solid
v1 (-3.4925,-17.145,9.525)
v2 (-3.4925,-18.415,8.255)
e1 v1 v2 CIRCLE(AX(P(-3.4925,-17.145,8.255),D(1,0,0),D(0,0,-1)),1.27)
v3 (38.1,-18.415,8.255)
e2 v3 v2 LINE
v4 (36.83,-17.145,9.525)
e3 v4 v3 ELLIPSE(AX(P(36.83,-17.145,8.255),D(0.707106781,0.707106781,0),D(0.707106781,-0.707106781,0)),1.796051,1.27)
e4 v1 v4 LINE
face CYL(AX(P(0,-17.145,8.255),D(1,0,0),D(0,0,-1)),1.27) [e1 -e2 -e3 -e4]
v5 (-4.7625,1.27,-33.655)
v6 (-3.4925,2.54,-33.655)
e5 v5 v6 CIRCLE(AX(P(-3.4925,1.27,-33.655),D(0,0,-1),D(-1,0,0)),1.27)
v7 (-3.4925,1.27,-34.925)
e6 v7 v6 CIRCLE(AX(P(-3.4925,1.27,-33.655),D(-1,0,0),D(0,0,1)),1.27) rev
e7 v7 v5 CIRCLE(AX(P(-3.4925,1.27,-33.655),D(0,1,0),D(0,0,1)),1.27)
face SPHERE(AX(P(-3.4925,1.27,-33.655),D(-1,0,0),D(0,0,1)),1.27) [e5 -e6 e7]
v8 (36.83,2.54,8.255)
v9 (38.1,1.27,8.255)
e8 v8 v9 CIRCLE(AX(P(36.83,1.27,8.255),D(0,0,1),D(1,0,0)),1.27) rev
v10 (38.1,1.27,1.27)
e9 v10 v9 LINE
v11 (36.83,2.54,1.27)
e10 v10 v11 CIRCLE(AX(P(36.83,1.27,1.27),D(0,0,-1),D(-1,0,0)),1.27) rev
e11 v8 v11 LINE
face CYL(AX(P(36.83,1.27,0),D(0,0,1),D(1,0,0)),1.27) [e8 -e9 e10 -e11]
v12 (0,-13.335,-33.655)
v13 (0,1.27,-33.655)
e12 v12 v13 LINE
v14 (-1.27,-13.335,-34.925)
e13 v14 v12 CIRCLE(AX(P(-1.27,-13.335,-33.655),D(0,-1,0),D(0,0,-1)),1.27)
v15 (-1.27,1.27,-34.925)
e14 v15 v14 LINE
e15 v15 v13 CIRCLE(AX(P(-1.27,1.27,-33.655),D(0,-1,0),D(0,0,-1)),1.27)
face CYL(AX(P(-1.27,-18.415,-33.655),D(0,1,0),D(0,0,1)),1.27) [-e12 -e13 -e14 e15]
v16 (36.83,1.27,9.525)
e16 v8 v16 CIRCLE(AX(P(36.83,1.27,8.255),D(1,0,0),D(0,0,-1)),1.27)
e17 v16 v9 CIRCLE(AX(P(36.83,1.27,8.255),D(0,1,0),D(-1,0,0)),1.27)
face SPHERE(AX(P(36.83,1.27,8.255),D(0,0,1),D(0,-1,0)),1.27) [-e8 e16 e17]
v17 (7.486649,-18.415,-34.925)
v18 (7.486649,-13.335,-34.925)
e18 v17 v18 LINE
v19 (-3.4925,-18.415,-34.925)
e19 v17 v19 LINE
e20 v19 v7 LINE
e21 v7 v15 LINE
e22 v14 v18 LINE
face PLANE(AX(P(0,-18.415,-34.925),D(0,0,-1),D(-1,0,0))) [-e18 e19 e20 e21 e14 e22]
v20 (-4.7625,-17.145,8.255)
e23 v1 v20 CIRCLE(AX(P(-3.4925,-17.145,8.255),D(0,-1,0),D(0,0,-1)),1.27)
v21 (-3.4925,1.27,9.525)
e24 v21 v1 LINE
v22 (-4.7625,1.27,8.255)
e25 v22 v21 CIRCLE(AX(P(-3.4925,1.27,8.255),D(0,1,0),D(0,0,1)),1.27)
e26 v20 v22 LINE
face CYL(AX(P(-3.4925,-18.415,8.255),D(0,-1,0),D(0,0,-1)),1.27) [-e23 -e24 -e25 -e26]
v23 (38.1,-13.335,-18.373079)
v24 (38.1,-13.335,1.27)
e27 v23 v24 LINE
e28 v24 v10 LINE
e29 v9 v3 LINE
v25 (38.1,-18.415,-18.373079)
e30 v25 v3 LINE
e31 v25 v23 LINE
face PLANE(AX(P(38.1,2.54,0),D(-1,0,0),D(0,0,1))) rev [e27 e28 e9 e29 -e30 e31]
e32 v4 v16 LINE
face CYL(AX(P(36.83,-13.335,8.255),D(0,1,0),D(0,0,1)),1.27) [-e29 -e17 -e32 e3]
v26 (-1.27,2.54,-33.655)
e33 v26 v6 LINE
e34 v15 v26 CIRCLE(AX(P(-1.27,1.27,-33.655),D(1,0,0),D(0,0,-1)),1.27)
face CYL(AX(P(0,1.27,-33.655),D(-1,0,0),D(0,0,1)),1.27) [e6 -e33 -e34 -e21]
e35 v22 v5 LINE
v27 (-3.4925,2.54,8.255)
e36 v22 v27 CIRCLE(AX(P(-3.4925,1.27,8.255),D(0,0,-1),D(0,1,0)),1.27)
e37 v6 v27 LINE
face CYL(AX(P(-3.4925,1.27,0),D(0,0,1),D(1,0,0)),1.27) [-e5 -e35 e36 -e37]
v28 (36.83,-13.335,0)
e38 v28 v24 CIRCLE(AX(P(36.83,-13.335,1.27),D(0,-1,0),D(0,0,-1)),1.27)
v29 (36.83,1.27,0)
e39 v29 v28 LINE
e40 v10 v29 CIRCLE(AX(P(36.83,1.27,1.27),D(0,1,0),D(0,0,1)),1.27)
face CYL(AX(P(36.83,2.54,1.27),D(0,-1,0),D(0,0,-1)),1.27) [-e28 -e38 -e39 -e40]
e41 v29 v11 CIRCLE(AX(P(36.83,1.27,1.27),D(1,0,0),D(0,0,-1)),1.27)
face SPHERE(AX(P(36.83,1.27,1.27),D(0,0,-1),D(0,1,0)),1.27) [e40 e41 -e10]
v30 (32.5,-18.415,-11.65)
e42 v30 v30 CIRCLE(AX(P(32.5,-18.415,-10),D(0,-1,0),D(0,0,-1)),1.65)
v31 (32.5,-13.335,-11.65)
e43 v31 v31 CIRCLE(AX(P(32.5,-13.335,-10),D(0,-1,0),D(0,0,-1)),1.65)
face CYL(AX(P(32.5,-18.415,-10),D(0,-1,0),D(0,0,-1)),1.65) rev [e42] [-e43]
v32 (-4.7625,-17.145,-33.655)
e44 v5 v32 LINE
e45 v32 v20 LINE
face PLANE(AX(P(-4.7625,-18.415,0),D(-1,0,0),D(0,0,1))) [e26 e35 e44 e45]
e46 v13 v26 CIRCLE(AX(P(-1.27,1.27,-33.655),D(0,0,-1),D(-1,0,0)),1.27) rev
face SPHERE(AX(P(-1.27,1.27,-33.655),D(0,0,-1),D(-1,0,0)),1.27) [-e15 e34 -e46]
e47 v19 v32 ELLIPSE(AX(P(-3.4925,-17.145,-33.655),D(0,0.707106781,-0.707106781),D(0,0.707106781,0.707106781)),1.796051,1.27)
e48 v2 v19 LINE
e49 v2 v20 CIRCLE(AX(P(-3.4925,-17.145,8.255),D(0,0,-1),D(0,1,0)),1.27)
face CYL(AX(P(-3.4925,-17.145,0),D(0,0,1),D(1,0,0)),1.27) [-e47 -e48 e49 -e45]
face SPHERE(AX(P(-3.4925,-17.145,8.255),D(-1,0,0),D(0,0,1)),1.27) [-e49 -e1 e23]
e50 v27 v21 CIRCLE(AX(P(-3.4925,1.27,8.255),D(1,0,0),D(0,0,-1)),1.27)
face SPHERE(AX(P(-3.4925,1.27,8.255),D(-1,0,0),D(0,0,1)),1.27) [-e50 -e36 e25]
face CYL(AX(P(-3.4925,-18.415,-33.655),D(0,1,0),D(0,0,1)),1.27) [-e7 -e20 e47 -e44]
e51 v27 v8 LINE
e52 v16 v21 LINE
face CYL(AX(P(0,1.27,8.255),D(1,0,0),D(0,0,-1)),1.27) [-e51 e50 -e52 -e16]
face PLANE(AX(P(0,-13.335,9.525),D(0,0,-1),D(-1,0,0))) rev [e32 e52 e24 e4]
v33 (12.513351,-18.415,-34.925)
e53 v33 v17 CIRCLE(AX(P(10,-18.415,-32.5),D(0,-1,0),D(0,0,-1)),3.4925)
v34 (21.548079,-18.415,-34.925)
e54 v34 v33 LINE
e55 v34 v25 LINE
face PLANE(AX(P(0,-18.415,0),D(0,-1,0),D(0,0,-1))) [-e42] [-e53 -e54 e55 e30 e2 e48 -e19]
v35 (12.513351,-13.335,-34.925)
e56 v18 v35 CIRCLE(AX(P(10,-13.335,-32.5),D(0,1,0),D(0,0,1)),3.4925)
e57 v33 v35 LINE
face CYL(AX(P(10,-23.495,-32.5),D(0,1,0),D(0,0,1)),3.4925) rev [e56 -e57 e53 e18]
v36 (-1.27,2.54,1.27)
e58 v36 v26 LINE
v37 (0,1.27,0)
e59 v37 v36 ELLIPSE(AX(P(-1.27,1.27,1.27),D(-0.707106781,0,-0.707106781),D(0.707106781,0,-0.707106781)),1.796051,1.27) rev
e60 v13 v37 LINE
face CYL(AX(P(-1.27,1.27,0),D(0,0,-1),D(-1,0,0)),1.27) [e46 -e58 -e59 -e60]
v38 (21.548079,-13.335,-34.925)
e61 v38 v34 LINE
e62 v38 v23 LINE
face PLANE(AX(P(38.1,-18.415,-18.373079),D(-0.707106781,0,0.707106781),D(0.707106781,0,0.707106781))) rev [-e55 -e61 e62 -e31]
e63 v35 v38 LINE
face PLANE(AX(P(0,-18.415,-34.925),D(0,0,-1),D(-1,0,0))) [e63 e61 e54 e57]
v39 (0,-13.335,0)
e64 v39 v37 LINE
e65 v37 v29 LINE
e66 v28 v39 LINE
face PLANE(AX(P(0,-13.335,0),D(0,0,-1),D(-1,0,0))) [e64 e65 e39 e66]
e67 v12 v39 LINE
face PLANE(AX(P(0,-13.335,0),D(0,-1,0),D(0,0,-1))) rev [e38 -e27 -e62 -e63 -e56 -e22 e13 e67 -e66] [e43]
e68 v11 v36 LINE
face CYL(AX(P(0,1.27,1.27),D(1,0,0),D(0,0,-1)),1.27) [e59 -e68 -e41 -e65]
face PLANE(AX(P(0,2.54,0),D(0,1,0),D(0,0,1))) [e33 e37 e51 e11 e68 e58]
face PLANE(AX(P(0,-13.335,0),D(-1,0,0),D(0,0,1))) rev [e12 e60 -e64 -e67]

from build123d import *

# Parameters (mm, degrees)
BOSS_EXTRUDE1_DEPTH      = 2.54
SKETCH2_W                = 9.525
SKETCH2_H                = 38.1
BOSS_EXTRUDE2_DEPTH      = 15.875
BOSS_EXTRUDE3_DEPTH      = 5.08
M3_CLEARANCE_HOLE1_D     = 3.3
M3_CLEARANCE_HOLE1_DEPTH = 12.7
M3_CLEARANCE_HOLE1_TIP   = 0.991420021
SKETCH7_W                = 35.71875
SKETCH7_H                = 2.38125
CUT_EXTRUDE1_DEPTH       = 2.54
FILLET1_R                = 1.27
SKETCH8_R                = 3.4925
CUT_EXTRUDE2_DEPTH       = 10.16
CUT_EXTRUDE3_DEPTH       = 57.171484091
CUT_EXTRUDE3_DEPTH_BACK  = 57.171484091
SKETCH9_W                = 10.431111816
SKETCH9_H                = 47.706198334
FILLET3_R                = 1.27


with BuildPart() as part:
    # Sketch1 → Boss-Extrude1 (new body)
    with BuildSketch(Plane(origin=(0, 0, 0), x_dir=(1, 0, 0), z_dir=(0, 1, 0))):
        Polygon((0, 0), (38.1, 0), (38.1, 2.38125), (2.38125, 2.38125), (2.38125, 38.1), (0, 38.1), align=None)
    extrude(amount=BOSS_EXTRUDE1_DEPTH)

    # Sketch2 → Boss-Extrude2 (add)
    with BuildSketch(Plane(origin=(0, 2.54, 0), x_dir=(1, 0, 0), z_dir=(0, 1, 0))):
        with Locations((-4.7625, 19.05)):
            Rectangle(SKETCH2_W, SKETCH2_H)
        Polygon((0, 0), (-9.525, 0), (-9.525, -9.525), (38.1, -9.525), (38.1, 0), align=None)
    extrude(amount=-BOSS_EXTRUDE2_DEPTH)

    # Sketch3 → Boss-Extrude3 (add)
    with BuildSketch(Plane(origin=(0, -13.335, 0), x_dir=(-1, 0, 0), z_dir=(0, -1, 0))):
        Polygon((9.525, -9.525), (-38.1, -9.525), (-38.1, 18.373079092), (-18.373079092, 38.1), (9.525, 38.1), align=None)
    extrude(amount=BOSS_EXTRUDE3_DEPTH)

    # M3 Clearance Hole1
    with Locations(Plane(origin=(0, -18.415, 0), x_dir=(-1, 0, 0), z_dir=(0, -1, 0))):
        with Locations((-10, 32.5), (-32.5, 10)):
            Hole(M3_CLEARANCE_HOLE1_D / 2, depth=M3_CLEARANCE_HOLE1_DEPTH)
            with Locations((0, 0, -(M3_CLEARANCE_HOLE1_DEPTH + M3_CLEARANCE_HOLE1_TIP / 2))):  # 118° drill point
                Cone(0, M3_CLEARANCE_HOLE1_D / 2, M3_CLEARANCE_HOLE1_TIP, mode=Mode.SUBTRACT)

    # Sketch7 → Cut-Extrude1 (cut)
    with BuildSketch(Plane(origin=(0, 2.54, 0), x_dir=(1, 0, 0), z_dir=(0, 1, 0))):
        with Locations((20.240625, 1.190625)):
            Rectangle(SKETCH7_W, SKETCH7_H)
        Polygon((0, 0), (2.38125, 0), (2.38125, 2.38125), (2.38125, 38.1), (0, 38.1), align=None)
    extrude(amount=-CUT_EXTRUDE1_DEPTH, mode=Mode.SUBTRACT)

    # Fillet1
    fillet1_edges = [part.edges().sort_by_distance(p)[0] for p in [
        (38.1, 2.54, 4.7625),
        (0, -5.3975, -38.1),
        (-9.525, -7.9375, -38.1),
        (38.1, -5.3975, 0),
        (14.2875, 2.54, 9.525),
        (38.1, -7.9375, 9.525),
        (-9.525, -7.9375, 9.525),
        (-9.525, 2.54, -14.2875),
        (-9.525, -18.415, -14.2875),
        (14.2875, -18.415, 9.525),
        (-4.7625, 2.54, -38.1),
        (0, 2.54, -19.05),
        (19.05, 2.54, 0),
    ]]
    fillet(fillet1_edges, radius=FILLET1_R)

    # Sketch8 → Cut-Extrude2 (cut)
    with BuildSketch(Plane(origin=(0, -13.335, 0), x_dir=(1, 0, 0), z_dir=(0, 1, 0))):
        with Locations(Location((10, 32.5, 0), (0, 0, 270))):
            Circle(SKETCH8_R)
    extrude(amount=-CUT_EXTRUDE2_DEPTH, mode=Mode.SUBTRACT)

    # Sketch9 → Cut-Extrude3 (cut, two sides: drawn at the far end of the back side and taken through both)
    with BuildSketch(Plane(origin=(0, -13.335, 0), x_dir=(1, 0, 0), z_dir=(0, 1, 0)).offset(-CUT_EXTRUDE3_DEPTH_BACK)):
        with Locations((-9.978055908, 11.071900833)):
            Rectangle(SKETCH9_W, SKETCH9_H)
        Polygon((25.888370715, 34.925), (25.888370715, 38.1), (18.373079092, 38.1), (21.548079092, 34.925), align=None)
        with BuildLine():
            Line((21.548079092, 34.925), (18.373079092, 38.1))
            Line((18.373079092, 38.1), (-1.27, 38.1))
            ThreePointArc((-1.27, 38.1), (-0.371974388, 37.728025612), (0, 36.83))
            Line((0, 36.83), (0, 34.925))
            Line((0, 34.925), (7.486649398, 34.925))
            ThreePointArc((7.486649398, 34.925), (10, 35.9925), (12.513350602, 34.925))
            Line((12.513350602, 34.925), (21.548079092, 34.925))
        make_face()
        with BuildLine():
            ThreePointArc((0, 36.83), (-0.371974388, 37.728025612), (-1.27, 38.1))
            Line((-1.27, 38.1), (-15.193611816, 38.1))
            Line((-15.193611816, 38.1), (-15.193611816, 34.925))
            Line((-15.193611816, 34.925), (-4.7625, 34.925))
            Line((-4.7625, 34.925), (0, 34.925))
            Line((0, 34.925), (0, 36.83))
        make_face()
    extrude(amount=CUT_EXTRUDE3_DEPTH + CUT_EXTRUDE3_DEPTH_BACK, mode=Mode.SUBTRACT)

    # Fillet3
    fillet3_edges = [part.edges().sort_by_distance(p)[0] for p in [
        (-4.7625, 2.168025612, 9.153025612),
        (-4.7625, -7.9375, 9.525),
        (-0.371974388, 2.168025612, -34.925),
        (-3.01625, 2.54, -34.925),
        (-4.7625, -18.415, -13.335),
        (0, -6.0325, -34.925),
        (-4.7625, -18.043025612, 9.153025612),
        (-4.7625, -7.9375, -34.925),
        (-4.7625, 2.54, -13.335),
    ]]
    fillet(fillet3_edges, radius=FILLET3_R)


solid = part.part
